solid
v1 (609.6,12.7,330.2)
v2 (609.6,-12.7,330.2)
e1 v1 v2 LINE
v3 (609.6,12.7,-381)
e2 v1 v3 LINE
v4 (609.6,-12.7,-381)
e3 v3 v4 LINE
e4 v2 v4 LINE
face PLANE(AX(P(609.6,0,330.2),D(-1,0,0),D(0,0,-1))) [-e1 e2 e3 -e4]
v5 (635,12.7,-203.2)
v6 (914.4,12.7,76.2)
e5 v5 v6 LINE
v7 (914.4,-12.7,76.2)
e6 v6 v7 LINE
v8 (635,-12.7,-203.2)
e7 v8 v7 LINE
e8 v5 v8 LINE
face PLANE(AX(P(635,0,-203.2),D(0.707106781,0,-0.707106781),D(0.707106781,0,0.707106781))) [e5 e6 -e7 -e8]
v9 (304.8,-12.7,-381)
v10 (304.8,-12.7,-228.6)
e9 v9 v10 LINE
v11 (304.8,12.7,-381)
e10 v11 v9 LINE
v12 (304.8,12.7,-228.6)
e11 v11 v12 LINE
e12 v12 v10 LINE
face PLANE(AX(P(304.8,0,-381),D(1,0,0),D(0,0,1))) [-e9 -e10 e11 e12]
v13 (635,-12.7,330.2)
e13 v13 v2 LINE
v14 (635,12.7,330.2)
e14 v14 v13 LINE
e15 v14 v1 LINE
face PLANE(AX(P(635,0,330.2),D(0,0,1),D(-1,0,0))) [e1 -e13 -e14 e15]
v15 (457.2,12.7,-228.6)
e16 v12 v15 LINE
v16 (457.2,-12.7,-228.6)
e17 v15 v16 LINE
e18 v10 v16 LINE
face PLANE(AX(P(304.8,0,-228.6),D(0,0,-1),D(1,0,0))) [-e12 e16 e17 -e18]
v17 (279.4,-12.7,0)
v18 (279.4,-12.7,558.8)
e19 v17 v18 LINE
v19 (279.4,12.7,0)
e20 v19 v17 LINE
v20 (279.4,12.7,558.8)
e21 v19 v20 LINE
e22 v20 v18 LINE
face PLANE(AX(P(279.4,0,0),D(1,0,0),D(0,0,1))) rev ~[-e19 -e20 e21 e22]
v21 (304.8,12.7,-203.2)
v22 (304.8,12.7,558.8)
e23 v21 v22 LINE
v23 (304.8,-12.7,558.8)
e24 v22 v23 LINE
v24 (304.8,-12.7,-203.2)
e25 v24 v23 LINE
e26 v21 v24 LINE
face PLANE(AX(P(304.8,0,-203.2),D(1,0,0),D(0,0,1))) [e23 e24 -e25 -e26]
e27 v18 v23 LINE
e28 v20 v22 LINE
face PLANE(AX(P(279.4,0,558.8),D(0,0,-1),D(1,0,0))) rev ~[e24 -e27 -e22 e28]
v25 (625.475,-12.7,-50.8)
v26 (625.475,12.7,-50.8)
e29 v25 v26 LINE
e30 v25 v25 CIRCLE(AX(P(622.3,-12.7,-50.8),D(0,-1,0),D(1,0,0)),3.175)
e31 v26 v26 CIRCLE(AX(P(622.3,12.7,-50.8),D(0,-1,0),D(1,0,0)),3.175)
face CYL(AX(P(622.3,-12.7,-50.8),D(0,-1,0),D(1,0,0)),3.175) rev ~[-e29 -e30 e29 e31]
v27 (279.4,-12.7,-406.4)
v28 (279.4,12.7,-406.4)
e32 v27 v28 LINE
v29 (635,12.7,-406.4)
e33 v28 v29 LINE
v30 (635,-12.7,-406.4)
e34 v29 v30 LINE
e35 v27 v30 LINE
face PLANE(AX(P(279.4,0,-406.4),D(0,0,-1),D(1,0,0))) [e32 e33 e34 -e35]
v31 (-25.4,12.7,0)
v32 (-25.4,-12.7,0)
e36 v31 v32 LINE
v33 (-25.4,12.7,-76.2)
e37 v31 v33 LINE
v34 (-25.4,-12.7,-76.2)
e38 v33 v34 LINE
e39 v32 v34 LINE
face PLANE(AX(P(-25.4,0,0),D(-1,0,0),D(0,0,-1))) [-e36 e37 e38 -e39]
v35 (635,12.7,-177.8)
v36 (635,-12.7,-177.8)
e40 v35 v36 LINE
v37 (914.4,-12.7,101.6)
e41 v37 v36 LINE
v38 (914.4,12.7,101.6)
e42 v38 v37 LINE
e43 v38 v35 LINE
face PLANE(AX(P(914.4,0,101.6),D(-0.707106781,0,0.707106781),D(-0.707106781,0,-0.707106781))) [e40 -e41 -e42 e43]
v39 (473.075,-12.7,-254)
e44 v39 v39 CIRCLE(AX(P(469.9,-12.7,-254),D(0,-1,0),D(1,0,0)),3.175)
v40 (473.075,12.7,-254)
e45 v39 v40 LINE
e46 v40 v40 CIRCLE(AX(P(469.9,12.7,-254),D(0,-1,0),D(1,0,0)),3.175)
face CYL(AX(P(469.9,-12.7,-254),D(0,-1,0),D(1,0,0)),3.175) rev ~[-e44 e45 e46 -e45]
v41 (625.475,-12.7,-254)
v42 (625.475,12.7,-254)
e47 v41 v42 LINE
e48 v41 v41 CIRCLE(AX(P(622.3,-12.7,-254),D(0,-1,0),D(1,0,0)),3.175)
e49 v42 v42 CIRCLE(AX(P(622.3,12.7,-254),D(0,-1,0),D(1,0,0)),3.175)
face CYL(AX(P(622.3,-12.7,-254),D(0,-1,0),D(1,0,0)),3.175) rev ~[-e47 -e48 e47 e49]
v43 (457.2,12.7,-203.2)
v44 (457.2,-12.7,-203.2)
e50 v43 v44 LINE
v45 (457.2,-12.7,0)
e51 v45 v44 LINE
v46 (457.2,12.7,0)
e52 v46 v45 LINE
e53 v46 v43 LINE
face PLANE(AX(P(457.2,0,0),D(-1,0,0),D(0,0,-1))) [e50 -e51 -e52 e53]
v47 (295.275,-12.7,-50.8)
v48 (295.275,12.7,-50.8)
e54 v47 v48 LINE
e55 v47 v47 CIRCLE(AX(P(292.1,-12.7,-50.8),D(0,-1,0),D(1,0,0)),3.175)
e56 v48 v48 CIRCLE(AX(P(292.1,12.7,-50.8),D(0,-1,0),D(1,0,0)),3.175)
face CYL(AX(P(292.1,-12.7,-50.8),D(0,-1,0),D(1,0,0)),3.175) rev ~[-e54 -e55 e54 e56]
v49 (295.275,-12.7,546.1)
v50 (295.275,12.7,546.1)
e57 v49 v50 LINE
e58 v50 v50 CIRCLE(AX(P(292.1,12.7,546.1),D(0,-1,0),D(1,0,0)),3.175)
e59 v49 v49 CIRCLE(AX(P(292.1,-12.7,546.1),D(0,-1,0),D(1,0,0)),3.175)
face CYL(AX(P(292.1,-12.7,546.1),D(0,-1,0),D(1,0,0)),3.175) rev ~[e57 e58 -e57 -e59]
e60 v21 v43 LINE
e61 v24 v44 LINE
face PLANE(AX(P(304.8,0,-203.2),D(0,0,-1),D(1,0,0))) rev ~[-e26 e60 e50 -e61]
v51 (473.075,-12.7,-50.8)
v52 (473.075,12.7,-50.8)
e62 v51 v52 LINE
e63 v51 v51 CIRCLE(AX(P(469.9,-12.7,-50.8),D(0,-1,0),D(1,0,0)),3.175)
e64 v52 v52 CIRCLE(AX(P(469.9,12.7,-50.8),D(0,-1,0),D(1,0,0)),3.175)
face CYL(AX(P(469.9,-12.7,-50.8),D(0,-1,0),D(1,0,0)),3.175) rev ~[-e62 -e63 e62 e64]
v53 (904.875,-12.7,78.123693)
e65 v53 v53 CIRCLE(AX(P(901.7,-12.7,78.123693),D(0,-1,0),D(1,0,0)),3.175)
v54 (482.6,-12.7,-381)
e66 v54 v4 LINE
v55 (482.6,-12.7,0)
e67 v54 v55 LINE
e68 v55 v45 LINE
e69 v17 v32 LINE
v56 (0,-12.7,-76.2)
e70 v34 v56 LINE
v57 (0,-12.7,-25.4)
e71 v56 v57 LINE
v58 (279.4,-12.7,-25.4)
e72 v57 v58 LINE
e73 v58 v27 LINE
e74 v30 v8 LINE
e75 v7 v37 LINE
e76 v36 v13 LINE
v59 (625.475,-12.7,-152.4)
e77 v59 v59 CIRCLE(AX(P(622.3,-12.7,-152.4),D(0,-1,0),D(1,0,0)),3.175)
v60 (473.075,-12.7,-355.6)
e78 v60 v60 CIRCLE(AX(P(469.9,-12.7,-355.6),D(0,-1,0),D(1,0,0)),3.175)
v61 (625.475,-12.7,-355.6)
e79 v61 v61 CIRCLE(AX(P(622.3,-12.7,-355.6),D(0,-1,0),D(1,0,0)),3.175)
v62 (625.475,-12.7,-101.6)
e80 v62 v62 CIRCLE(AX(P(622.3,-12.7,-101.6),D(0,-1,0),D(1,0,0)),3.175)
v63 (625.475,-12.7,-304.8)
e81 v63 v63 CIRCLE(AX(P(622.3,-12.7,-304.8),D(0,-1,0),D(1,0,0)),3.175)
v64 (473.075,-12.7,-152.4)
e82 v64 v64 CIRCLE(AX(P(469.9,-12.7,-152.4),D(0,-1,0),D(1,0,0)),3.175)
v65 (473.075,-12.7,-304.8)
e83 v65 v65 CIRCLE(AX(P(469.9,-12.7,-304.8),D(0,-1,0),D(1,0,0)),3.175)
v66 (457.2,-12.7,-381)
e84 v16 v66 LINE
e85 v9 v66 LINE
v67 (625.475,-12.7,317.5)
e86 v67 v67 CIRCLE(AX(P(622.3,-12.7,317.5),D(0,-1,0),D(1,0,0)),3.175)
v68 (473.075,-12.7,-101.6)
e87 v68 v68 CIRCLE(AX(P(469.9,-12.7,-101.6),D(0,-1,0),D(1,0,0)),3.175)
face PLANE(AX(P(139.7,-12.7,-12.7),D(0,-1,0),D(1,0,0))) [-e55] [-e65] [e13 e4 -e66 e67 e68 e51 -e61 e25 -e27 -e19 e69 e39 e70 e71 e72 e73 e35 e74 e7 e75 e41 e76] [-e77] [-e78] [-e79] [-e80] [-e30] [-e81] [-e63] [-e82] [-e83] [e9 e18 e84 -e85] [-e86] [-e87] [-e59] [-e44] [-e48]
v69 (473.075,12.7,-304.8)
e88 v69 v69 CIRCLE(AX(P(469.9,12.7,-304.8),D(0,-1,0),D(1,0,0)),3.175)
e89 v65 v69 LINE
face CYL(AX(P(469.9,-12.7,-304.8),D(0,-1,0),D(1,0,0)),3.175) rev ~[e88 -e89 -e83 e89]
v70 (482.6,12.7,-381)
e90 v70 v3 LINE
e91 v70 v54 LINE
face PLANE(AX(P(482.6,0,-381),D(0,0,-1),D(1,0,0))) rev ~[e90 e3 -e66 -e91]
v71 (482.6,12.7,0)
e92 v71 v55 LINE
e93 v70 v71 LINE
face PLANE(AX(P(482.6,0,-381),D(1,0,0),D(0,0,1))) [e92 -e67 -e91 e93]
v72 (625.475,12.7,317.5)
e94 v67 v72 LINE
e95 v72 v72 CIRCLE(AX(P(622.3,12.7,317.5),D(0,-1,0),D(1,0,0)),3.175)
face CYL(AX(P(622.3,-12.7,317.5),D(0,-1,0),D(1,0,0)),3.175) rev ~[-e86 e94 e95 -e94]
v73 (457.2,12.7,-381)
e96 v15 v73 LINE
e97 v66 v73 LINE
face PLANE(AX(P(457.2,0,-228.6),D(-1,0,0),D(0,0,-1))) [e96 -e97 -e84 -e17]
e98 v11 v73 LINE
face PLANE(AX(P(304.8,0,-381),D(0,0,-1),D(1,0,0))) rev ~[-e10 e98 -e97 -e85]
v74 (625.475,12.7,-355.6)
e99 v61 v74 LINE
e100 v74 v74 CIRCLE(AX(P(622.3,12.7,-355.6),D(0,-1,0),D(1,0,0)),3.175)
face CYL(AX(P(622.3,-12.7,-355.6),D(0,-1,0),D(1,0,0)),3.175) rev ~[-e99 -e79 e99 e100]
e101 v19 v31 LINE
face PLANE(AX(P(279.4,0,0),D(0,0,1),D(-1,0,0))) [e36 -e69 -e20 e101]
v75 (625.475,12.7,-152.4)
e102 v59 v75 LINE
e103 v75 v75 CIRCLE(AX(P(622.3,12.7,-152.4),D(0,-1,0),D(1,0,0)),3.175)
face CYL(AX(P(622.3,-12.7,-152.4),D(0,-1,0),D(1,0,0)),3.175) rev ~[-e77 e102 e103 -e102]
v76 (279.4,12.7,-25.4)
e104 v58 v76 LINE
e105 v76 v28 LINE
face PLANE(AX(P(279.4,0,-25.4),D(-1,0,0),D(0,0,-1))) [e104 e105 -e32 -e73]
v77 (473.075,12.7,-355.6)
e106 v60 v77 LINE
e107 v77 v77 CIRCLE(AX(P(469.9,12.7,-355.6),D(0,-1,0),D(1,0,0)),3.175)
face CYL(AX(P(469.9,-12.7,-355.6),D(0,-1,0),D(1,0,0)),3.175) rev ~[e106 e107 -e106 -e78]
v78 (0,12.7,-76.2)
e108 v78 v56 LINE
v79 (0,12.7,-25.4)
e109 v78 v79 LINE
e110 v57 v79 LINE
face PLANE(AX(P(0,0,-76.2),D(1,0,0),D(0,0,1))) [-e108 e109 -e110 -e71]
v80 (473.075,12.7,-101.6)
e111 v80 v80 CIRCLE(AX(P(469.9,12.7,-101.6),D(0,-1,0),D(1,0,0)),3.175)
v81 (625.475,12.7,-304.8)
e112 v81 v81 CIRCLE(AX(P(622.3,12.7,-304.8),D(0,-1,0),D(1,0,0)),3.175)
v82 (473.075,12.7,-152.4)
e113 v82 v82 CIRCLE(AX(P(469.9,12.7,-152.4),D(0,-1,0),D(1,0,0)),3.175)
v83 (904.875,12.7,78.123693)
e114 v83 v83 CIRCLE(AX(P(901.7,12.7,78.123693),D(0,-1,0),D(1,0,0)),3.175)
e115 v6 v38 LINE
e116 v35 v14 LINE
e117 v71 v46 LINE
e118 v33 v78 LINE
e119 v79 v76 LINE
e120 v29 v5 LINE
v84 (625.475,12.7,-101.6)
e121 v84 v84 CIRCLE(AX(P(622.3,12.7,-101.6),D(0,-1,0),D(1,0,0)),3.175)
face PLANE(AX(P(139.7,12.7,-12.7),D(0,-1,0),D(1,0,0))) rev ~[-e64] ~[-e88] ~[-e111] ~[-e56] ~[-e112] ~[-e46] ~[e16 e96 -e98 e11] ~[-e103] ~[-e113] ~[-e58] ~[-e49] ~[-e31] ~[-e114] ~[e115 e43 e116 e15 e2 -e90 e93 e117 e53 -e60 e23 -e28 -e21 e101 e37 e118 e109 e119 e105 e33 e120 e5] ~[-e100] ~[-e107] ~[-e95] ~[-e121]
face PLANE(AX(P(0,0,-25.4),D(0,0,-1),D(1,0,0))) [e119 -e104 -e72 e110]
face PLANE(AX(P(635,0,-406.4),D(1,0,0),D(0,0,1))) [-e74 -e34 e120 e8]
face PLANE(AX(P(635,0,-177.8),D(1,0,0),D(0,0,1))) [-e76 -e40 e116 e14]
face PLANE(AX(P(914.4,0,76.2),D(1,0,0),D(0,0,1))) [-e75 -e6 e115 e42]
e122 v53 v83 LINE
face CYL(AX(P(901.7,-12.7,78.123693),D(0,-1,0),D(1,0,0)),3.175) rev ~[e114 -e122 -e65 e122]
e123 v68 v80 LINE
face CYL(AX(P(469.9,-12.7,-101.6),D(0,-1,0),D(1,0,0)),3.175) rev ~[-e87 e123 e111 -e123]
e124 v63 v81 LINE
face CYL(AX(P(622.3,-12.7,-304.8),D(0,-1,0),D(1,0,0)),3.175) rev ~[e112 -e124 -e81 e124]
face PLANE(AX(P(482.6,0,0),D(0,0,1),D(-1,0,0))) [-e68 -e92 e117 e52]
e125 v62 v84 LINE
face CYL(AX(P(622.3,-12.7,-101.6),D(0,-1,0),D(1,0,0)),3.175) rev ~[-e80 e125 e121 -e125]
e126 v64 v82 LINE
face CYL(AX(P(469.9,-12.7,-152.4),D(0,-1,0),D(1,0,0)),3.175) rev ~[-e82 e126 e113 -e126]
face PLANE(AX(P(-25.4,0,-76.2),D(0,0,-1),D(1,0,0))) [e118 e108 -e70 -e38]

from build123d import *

# Parameters (mm, degrees)
F0_W     = 279.4
F0_H     = 25.4
F0_W_2   = 25.4
F0_H_2   = 558.8
F0_W_3   = 152.4
F0_W_4   = 127
F1_DEPTH = 12.7
F2_R     = 3.175
F3_DEPTH = 25.4


with BuildPart() as f1:
    # F0 (on Front) → F1 (new body, symmetric)
    with BuildSketch(Plane.XZ):
        with Locations((139.7, -12.7)):
            Rectangle(F0_W, F0_H)
        Polygon((0, -25.4), (0, 0), (-25.4, 0), (-25.4, -76.2), (0, -76.2), align=None)
        Polygon((304.8, 0), (279.4, 0), (279.4, -25.4), (279.4, -406.4), (304.8, -406.4), (304.8, -381), (304.8, -228.6), (304.8, -203.2), align=None)
        with Locations((292.1, 279.4)):
            Rectangle(F0_W_2, F0_H_2)
        with Locations((381, -215.9)):
            Rectangle(F0_W_3, F0_H)
        with Locations((381, -393.7)):
            Rectangle(F0_W_3, F0_H)
        Polygon((457.2, 0), (457.2, -203.2), (457.2, -228.6), (457.2, -381), (482.6, -381), (482.6, 0), align=None)
        with Locations((469.9, -393.7)):
            Rectangle(F0_W_2, F0_H)
        with Locations((546.1, -393.7)):
            Rectangle(F0_W_4, F0_H)
        Polygon((609.6, -381), (609.6, -406.4), (635, -406.4), (635, -203.2), (609.6, -203.2), align=None)
        Polygon((635, -177.8), (609.6, -203.2), (635, -203.2), align=None)
        Polygon((609.6, 330.2), (609.6, -203.2), (635, -177.8), (635, 330.2), align=None)
        Polygon((635, -177.8), (635, -203.2), (914.4, 76.2), (914.4, 101.6), align=None)
    extrude(amount=F1_DEPTH, both=True)

    # F2 (on face) → F3 (cut)
    with BuildSketch(Plane.XZ.offset(12.7)):
        with Locations((469.9, -101.6)):
            Circle(F2_R)
        with Locations((469.9, -50.8)):
            Circle(F2_R)
        with Locations((469.9, -152.4)):
            Circle(F2_R)
        with Locations((469.9, -304.8)):
            Circle(F2_R)
        with Locations((469.9, -254)):
            Circle(F2_R)
        with Locations((469.9, -355.6)):
            Circle(F2_R)
        with Locations((622.3, -101.6)):
            Circle(F2_R)
        with Locations((622.3, -50.8)):
            Circle(F2_R)
        with Locations((622.3, -152.4)):
            Circle(F2_R)
        with Locations((622.3, -254)):
            Circle(F2_R)
        with Locations((622.3, -304.8)):
            Circle(F2_R)
        with Locations((622.3, -355.6)):
            Circle(F2_R)
        with Locations((292.1, -50.8)):
            Circle(F2_R)
        with Locations((292.1, 546.1)):
            Circle(F2_R)
        with Locations((622.3, 317.5)):
            Circle(F2_R)
        with Locations((901.7, 78.1236926547)):
            Circle(F2_R)
    extrude(amount=-F3_DEPTH, mode=Mode.SUBTRACT)


solid = f1.part
